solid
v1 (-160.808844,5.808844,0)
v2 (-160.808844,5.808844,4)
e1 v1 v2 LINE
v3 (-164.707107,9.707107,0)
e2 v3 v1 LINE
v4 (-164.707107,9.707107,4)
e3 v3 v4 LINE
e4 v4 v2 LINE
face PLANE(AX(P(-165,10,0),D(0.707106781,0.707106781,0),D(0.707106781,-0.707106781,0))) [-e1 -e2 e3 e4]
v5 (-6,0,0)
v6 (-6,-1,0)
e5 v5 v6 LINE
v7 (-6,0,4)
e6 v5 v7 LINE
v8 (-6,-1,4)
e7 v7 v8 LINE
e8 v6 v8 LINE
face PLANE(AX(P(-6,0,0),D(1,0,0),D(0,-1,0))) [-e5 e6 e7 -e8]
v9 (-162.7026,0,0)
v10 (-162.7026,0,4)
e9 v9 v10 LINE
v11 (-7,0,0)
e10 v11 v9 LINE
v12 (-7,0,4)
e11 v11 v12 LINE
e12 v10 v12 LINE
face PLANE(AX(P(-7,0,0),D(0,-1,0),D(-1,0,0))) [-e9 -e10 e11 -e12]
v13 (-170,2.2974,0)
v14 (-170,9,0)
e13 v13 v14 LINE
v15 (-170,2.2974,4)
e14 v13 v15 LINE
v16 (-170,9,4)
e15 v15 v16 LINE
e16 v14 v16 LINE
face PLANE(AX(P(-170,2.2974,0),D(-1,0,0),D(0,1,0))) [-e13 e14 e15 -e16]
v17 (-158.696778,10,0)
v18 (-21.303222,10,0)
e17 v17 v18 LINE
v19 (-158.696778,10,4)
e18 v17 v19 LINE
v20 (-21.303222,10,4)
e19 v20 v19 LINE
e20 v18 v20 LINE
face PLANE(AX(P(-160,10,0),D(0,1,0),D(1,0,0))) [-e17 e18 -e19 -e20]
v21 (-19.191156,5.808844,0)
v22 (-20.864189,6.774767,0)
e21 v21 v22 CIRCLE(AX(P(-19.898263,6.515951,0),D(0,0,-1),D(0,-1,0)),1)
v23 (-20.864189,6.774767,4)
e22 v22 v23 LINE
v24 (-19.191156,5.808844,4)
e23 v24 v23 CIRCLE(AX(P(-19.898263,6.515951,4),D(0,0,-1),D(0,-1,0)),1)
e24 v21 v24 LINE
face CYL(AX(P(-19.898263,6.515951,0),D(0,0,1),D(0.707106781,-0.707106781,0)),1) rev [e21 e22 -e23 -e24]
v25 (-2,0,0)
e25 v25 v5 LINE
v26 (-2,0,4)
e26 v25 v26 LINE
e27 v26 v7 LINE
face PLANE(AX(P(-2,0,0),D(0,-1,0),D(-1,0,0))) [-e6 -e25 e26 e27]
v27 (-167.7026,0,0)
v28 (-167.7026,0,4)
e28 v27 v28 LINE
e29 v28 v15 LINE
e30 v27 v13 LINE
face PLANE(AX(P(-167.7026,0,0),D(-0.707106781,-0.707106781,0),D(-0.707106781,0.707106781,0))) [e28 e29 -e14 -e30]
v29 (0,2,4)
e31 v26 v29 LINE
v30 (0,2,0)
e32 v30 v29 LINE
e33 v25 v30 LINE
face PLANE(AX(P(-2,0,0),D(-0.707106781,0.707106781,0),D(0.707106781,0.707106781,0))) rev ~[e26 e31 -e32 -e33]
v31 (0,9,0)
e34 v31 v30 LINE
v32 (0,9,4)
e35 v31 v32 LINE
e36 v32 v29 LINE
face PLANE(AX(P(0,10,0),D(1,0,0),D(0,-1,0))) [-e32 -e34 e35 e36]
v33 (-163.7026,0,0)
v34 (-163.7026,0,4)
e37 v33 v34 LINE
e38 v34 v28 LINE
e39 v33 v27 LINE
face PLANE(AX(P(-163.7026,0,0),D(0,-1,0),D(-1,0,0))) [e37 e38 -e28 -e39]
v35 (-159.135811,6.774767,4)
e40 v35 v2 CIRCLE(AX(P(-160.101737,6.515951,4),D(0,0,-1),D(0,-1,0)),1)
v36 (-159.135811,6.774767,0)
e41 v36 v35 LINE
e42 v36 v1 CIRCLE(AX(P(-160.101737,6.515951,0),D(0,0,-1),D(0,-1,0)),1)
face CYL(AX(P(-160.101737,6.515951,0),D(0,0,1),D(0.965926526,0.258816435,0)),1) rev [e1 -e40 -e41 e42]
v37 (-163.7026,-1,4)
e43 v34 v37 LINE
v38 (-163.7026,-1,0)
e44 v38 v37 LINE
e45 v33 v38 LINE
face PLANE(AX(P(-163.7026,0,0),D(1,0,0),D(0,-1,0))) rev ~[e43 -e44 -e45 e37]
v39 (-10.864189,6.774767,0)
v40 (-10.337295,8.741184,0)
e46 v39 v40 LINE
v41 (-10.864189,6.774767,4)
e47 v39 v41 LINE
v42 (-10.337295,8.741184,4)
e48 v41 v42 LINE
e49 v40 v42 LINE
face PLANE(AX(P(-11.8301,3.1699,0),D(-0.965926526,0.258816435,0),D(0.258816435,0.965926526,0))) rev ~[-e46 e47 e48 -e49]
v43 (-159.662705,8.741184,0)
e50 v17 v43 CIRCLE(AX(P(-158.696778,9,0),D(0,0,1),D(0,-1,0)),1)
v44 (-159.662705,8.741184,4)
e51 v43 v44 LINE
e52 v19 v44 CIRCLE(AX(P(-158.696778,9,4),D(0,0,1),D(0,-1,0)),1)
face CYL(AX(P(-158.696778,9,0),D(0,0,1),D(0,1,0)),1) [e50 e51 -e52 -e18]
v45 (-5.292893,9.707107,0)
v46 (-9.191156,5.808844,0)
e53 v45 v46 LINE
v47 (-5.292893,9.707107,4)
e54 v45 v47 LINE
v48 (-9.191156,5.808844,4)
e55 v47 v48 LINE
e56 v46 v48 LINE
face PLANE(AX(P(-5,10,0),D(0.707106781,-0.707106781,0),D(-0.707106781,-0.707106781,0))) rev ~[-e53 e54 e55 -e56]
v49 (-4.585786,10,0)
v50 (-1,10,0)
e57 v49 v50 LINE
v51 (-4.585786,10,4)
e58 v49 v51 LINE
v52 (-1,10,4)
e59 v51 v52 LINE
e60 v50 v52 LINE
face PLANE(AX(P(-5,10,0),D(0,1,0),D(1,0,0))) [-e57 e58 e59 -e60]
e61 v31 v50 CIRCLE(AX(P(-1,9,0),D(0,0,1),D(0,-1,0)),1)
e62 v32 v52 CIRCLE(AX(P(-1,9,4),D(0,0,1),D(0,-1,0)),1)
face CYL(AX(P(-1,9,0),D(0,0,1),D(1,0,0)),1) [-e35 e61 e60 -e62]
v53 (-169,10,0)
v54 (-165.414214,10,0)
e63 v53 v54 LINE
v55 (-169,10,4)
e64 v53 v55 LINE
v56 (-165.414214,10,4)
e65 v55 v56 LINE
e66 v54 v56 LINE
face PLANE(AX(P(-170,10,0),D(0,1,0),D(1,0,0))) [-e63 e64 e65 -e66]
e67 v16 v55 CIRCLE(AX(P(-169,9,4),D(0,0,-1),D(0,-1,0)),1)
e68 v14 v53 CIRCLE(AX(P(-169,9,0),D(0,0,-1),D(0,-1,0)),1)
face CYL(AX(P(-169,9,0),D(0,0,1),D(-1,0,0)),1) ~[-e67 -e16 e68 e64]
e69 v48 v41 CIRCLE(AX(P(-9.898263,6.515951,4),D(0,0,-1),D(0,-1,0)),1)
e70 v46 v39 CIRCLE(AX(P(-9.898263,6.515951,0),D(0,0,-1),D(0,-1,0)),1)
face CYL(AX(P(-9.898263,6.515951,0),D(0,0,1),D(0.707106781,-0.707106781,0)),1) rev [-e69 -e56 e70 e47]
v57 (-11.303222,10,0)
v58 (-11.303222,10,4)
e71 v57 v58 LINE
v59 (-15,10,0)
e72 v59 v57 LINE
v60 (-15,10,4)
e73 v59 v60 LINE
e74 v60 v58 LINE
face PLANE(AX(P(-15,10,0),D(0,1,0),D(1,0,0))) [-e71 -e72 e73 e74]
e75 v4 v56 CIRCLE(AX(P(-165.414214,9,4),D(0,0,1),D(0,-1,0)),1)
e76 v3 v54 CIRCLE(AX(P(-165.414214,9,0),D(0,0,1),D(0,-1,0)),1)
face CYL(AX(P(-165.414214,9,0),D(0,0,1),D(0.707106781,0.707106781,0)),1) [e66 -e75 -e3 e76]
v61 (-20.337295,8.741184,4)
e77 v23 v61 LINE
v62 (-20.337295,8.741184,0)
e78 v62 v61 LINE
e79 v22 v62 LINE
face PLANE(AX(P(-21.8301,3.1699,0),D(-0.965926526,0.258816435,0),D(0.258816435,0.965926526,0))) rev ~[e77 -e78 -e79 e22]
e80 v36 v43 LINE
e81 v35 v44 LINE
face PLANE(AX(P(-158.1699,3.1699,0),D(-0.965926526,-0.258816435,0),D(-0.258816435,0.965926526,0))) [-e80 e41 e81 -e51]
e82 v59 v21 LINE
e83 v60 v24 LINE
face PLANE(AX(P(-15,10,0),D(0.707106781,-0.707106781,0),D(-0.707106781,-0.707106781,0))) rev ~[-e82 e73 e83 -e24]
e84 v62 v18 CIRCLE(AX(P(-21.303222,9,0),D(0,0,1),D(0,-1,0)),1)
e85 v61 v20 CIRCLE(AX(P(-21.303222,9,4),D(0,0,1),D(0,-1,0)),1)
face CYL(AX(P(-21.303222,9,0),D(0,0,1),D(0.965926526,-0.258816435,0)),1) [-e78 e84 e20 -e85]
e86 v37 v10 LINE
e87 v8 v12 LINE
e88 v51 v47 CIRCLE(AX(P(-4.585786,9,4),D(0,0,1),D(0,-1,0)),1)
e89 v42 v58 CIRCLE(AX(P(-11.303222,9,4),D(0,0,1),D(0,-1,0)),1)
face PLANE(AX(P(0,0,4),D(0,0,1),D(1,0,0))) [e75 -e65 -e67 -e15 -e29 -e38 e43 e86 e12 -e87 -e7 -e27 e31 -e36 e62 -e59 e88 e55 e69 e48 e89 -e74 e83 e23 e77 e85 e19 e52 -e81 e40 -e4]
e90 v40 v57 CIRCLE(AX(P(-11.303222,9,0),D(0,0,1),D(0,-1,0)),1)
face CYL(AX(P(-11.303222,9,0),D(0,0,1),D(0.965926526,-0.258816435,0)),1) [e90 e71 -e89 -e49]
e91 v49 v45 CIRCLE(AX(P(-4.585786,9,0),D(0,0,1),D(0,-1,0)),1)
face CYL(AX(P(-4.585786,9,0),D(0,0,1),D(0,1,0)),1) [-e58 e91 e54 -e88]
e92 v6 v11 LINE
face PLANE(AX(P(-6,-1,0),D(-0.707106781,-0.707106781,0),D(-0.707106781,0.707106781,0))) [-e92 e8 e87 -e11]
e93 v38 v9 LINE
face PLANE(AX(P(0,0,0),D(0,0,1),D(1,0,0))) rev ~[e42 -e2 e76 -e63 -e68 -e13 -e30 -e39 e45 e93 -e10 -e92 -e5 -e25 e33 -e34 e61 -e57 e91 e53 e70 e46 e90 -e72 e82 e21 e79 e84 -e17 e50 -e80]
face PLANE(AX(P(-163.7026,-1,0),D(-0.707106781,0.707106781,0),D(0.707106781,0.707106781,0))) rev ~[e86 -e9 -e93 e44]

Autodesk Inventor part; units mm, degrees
ref_plane "YZ Plane" through (0, 0, 0) normal (1, 0, 0) x (0, 1, 0)
ref_plane "XZ Plane" through (0, 0, 0) normal (0, 1, 0) x (-1, 0, 0)
ref_plane "XY Plane" through (0, 0, 0) normal (0, 0, 1) x (1, 0, 0)
sketch "Эскиз1" plane through (0, 0, 0) normal (0, 0, 1) x (1, 0, 0)
  line L0 (0, 0) -> (-170, 0)
  line L1 (-170, 0) -> (-170, 10)
  line L2 (-170, 10) -> (0, 10)
  line L3 (0, 10) -> (0, 0)
  line L4 (-156.1916, 10) -> (-150.6349, 10) construction
  line L5 (-165, 10) -> (-158.1699, 3.1699)
  line L6 (-10, 10) -> (-34.5353, 10)
  line L7 (-30, 10) -> (-25, 10)
  line L8 (-23.8869, 10) -> (-18.8869, 10)
  line L9 (-15, 10) -> (-20, 10)
  line L10 (-170, 0) -> (-169, -1)
  line L11 (-170, 0) -> (-168.5858, 0) construction
  line L12 (-169, -1) -> (-169, 0)
  line L13 (-163.7026, 0) -> (-163.7026, -1)
  line L14 (-163.7026, -1) -> (-162.7026, 0)
  line L15 (0, 0) -> (-1, -1)
  line L16 (0, 0) -> (1.4142, 0) construction
  line L17 (-1, -1) -> (-1, 0)
  line L18 (-6, 0) -> (-6, -1)
  line L19 (-6, -1) -> (-7, 0)
  line L20 (-87, 0) -> (-87, -1)
  line L21 (-87, -1) -> (-88, 0)
  line L22 (-83, 0) -> (-83, -1)
  line L23 (-83, -1) -> (-82, 0)
  line L24 (-158.1699, 3.1699) -> (-160, 10)
  line L25 (-5, 10) -> (-11.8301, 3.1699)
  line L26 (-11.8301, 3.1699) -> (-10, 10)
  line L27 (-15, 10) -> (-21.8301, 3.1699)
  line L28 (-21.8301, 3.1699) -> (-20, 10)
  line L29 (-167.7026, 0) -> (-170, 2.2974)
  line L30 (-2, 0) -> (0, 2)
  point P0 (-170, 5)
  point P1 (-85, 0)
  point P2 (-161.5849, 6.5849)
  point P3 (-5, 10)
  point P4 (-15, 10)
  point P5 (-20, 10)
  dimension "d1" = 10
  dimension "d3" = 45
  dimension "d4" = 5
  dimension "d21" = 45
  dimension "d22" = 45
  dimension "d23" = 1
  dimension "d25" = 1
  dimension "d26" = 135
  dimension "d27" = 1
  dimension "d29" = 1
  dimension "d30" = 45
  dimension "d31" = 2
  dimension "d32" = 45
  dimension "d33" = 1
  dimension "d34" = 1
  dimension "d35" = 2
  dimension "d36" = 45
  dimension "d37" = 75
  dimension "d38" = 5
  dimension "d43" = 150
  dimension "d44" = 5
  dimension "d51" = 45
  dimension "d52" = 75
  dimension "d53" = 5
  dimension "d54" = 5
  dimension "d59" = 45
  dimension "d60" = 75
  dimension "d67" = 5
  dimension "d69" = 45
  dimension "d70" = 4
  dimension "d71" = 45
  dimension "d72" = 2
  dimension "d73" = 4
extrude "Выдавливание1" add sketch "Эскиз1" along normal blind 4 contours L30 L0 L29 L1 L2 L5 L24 L28 L27 L26 L25 L3 | L18 L19 L0 | L14 L13 L0
fillet "Сопряжение2" radius 1 2 edges at (0, 10, 2) (-170, 10, 2)
fillet "Сопряжение3" radius 1 8 edges at (-21.8301, 3.1699, 2) (-11.8301, 3.1699, 2) (-10, 10, 2) (-5, 10, 2) (-20, 10, 2) (-158.1699, 3.1699, 2) (-165, 10, 2) (-160, 10, 2)
properties part number "trunk 2"
